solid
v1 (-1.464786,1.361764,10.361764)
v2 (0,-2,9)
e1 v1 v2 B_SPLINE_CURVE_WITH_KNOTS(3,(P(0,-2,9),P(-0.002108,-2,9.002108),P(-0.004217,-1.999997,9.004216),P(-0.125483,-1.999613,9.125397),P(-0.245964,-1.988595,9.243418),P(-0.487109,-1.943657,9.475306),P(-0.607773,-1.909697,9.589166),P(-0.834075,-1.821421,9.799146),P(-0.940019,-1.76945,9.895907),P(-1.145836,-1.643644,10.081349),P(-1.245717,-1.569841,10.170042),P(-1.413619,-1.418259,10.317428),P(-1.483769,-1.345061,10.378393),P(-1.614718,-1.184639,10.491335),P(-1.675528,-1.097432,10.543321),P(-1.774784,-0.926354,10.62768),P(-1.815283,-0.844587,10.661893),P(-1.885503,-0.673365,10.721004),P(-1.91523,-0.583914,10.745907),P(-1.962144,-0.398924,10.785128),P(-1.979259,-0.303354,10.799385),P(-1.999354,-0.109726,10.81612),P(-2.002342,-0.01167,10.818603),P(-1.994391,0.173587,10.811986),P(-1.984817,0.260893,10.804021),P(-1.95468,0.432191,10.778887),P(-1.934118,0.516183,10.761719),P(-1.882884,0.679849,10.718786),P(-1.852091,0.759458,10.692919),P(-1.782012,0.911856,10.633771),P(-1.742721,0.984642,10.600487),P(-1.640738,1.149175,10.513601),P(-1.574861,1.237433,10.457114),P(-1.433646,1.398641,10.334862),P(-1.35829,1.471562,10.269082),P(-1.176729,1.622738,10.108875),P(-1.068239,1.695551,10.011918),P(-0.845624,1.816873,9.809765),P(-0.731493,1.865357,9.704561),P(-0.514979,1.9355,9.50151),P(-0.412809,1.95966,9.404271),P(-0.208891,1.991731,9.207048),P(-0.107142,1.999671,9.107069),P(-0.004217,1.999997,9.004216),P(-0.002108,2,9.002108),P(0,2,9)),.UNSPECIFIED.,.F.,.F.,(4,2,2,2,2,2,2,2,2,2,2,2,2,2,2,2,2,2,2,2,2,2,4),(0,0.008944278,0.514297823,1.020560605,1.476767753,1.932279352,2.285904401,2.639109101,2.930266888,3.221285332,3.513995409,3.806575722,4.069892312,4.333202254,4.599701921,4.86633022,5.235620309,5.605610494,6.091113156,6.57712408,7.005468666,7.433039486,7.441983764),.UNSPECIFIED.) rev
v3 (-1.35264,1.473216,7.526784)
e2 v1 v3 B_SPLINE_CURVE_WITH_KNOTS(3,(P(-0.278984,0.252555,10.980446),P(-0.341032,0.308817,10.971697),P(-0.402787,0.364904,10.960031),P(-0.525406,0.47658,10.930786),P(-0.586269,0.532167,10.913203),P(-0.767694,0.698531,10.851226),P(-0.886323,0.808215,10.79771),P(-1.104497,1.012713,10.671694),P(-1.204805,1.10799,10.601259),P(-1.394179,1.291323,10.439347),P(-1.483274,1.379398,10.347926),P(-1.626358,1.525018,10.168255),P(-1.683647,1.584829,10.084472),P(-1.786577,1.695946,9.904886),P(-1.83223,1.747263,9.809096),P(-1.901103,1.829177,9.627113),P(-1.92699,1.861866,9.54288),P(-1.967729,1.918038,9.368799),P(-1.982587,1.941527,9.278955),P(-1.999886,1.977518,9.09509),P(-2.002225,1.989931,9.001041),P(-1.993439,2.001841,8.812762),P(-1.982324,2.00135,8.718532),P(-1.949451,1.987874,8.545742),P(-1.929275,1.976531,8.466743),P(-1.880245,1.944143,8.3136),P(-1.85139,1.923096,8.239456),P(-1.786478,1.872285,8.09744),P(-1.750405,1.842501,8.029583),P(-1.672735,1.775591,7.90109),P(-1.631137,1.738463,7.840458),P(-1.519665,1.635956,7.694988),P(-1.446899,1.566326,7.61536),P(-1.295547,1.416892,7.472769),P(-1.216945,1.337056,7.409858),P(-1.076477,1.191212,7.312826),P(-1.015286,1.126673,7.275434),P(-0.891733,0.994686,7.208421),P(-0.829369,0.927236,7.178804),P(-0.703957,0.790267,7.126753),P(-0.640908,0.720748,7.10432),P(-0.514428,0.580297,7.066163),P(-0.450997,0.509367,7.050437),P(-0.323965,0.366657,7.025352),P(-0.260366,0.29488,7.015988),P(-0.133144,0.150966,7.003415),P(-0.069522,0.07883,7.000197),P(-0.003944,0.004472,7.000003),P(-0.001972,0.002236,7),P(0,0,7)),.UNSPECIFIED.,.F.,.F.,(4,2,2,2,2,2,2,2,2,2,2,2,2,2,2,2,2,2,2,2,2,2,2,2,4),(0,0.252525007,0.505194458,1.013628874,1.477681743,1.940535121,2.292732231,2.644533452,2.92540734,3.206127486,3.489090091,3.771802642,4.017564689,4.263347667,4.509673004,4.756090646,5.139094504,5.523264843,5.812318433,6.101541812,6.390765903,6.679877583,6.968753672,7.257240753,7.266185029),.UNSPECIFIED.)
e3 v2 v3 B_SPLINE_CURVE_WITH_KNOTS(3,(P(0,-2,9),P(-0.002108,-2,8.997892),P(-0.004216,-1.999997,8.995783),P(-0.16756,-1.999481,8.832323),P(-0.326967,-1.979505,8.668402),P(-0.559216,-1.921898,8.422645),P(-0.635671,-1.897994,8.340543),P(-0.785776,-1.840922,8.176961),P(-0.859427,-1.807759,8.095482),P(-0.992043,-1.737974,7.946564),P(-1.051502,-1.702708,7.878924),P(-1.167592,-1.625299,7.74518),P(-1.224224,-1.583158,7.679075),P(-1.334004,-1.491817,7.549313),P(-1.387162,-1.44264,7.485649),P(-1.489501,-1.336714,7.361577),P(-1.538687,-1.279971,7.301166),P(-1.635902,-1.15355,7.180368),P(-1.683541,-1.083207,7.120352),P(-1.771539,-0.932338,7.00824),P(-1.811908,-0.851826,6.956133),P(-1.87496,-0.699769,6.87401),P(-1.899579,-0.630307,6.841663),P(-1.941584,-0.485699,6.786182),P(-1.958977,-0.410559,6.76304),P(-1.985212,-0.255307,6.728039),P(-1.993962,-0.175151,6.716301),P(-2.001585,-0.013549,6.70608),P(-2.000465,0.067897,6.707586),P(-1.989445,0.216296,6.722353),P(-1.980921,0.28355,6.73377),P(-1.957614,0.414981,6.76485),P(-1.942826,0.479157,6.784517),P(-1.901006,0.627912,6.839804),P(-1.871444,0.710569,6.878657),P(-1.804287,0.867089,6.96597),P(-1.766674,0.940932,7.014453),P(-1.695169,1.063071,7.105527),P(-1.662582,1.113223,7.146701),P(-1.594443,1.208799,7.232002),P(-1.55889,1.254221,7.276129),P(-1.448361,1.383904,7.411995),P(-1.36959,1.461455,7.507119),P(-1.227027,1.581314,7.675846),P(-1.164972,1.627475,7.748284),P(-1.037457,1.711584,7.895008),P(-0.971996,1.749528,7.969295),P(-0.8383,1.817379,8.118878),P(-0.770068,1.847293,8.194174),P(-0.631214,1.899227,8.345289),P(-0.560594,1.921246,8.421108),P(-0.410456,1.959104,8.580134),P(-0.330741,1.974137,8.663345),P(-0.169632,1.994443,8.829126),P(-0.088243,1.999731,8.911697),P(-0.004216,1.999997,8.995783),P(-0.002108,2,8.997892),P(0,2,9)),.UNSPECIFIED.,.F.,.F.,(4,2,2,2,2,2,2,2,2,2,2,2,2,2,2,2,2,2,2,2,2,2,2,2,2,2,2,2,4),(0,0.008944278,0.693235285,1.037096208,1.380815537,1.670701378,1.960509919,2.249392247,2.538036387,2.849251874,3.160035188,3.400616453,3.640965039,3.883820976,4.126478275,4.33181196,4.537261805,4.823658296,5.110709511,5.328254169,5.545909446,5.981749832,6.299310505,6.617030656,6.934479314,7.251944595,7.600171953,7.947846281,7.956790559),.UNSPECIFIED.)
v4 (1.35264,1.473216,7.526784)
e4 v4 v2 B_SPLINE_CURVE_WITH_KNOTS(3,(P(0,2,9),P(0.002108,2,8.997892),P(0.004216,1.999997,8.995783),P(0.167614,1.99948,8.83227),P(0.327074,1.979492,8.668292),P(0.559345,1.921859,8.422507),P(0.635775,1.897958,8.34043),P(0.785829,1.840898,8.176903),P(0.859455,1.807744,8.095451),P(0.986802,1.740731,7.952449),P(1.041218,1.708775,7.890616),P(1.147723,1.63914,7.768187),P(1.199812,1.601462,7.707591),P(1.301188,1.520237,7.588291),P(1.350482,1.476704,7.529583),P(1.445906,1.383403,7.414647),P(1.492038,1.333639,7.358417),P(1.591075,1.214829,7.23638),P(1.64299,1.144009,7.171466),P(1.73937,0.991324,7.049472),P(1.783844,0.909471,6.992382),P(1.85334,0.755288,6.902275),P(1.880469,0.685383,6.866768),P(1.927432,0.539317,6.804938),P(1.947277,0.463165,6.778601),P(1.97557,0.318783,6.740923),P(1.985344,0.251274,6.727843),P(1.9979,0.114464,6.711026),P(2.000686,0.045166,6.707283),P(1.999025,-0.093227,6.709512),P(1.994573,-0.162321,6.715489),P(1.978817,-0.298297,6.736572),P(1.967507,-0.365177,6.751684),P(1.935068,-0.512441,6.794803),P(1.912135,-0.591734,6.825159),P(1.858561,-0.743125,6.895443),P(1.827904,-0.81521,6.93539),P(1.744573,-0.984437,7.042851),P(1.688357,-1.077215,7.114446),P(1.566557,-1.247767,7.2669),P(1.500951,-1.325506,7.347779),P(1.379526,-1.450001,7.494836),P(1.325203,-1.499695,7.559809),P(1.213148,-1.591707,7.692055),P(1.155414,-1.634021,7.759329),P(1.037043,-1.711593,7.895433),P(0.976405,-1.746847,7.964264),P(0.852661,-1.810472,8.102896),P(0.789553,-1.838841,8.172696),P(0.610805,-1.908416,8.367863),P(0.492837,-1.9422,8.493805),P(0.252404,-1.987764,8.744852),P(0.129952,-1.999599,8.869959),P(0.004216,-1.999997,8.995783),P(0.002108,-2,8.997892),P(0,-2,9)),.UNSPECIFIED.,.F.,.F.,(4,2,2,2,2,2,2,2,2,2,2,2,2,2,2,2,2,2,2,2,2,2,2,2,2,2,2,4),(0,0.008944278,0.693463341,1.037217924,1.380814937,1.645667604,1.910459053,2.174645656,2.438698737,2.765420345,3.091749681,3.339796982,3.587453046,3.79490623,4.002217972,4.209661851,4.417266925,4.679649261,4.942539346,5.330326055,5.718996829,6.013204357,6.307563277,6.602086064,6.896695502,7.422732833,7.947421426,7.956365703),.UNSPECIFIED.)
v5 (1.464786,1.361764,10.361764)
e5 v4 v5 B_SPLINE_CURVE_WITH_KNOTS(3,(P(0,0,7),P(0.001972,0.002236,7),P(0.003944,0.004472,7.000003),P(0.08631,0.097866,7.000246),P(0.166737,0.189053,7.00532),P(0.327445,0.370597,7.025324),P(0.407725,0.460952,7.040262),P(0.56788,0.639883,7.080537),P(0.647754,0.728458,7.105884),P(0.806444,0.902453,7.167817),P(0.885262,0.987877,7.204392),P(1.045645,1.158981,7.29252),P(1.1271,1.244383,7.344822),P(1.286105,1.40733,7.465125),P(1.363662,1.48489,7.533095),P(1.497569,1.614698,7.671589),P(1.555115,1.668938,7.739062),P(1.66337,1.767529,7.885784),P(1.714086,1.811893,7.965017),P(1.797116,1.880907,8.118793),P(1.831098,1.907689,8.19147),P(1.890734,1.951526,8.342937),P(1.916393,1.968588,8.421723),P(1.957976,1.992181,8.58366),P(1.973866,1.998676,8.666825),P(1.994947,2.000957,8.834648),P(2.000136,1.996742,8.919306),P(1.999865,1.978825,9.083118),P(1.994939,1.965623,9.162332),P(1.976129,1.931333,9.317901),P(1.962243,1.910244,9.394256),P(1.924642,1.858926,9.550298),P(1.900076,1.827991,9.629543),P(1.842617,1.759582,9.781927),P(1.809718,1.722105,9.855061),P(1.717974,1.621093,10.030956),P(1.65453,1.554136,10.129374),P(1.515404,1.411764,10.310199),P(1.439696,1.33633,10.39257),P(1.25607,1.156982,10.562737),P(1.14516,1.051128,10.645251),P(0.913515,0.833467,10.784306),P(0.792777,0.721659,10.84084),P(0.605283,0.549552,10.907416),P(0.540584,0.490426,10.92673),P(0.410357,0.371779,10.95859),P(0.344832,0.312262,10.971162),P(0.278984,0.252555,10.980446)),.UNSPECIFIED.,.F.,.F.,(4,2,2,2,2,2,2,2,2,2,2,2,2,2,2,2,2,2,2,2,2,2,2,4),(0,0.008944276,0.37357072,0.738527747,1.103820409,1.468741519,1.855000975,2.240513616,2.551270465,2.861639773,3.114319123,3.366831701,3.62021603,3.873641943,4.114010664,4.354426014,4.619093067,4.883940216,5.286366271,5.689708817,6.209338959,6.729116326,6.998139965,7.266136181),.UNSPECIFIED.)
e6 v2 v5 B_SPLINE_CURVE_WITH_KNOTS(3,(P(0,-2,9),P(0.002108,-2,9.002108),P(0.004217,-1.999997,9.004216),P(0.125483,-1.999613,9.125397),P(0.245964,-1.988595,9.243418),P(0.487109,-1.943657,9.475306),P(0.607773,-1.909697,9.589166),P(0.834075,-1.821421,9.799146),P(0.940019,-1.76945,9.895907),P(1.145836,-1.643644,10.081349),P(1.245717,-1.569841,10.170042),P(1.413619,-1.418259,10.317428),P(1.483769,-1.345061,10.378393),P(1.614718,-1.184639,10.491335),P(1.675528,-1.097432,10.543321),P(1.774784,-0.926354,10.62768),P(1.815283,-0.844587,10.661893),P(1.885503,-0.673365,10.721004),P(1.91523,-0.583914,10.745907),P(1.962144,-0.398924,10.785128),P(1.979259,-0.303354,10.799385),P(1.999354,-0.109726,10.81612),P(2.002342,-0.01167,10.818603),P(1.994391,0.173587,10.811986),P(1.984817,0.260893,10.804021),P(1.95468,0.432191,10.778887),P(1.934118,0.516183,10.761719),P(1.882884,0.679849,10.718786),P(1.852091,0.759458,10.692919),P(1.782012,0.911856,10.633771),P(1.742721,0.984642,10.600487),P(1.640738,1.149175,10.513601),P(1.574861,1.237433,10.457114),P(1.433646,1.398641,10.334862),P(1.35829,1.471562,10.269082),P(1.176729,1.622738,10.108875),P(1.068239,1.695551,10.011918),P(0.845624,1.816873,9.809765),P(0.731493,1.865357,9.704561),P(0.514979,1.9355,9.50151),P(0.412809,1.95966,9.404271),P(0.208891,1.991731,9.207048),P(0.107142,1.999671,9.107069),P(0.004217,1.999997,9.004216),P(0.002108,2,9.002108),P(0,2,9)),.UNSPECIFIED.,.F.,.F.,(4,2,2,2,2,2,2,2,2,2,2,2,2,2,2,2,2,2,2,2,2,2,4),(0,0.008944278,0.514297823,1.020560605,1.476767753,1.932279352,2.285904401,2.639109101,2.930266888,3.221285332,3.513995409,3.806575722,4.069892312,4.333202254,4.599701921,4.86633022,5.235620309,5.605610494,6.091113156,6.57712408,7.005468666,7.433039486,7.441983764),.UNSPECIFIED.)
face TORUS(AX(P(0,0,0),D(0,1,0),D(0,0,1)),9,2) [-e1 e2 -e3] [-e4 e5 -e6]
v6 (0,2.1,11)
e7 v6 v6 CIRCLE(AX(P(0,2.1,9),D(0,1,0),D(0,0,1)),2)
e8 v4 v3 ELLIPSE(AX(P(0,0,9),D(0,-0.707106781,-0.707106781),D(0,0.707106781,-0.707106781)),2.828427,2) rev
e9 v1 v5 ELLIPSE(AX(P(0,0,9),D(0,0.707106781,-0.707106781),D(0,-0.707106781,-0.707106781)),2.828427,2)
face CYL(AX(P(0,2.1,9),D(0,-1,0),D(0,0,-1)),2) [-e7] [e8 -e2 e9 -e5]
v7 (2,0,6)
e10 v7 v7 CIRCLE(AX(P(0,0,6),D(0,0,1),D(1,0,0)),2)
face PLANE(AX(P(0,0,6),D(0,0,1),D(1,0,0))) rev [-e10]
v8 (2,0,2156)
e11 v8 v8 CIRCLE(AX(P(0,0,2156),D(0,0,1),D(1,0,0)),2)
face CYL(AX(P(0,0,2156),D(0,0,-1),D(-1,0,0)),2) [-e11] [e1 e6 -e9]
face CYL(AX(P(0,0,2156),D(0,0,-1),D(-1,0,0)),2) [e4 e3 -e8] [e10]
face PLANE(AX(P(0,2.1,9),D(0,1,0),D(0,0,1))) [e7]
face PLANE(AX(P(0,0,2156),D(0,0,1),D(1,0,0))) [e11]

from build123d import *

# Parameters (mm, degrees)
BOSS_EXTRUDE1_START = 6
SKETCH1_R           = 2
BOSS_EXTRUDE1_DEPTH = 2150
SKETCH4_R           = 2
SKETCH7_R           = 2
BOSS_EXTRUDE2_DEPTH = 2.1


with BuildPart() as part:
    # Sketch1 → Boss-Extrude1 (new body)
    with BuildSketch(Plane.XY.offset(BOSS_EXTRUDE1_START)):
        Circle(SKETCH1_R)
    extrude(amount=BOSS_EXTRUDE1_DEPTH)

    # Sketch4 → Revolve1 (revolve)
    with BuildSketch(Plane(origin=(0, 0, 0), x_dir=(-1, 0, 0), z_dir=(0, 0, -1)), mode=Mode.PRIVATE) as revolve1_sk:
        with Locations((-9, 0)):
            Circle(SKETCH4_R)
    revolve(revolve1_sk.sketch.rotate(Axis((0, 3.776003841, 0), (0, -1, 0)), 269.999990329), axis=Axis((0, 3.776003841, 0), (0, -1, 0)))

    # Sketch7 → Boss-Extrude2 (add)
    with BuildSketch(Plane(origin=(0, 0, 0), x_dir=(1, 0, 0), z_dir=(0, 1, 0))):
        with Locations(Location((0, -9, 0), (0, 0, 132.556740857))):
            Circle(SKETCH7_R)
    extrude(amount=BOSS_EXTRUDE2_DEPTH)


solid = part.part
